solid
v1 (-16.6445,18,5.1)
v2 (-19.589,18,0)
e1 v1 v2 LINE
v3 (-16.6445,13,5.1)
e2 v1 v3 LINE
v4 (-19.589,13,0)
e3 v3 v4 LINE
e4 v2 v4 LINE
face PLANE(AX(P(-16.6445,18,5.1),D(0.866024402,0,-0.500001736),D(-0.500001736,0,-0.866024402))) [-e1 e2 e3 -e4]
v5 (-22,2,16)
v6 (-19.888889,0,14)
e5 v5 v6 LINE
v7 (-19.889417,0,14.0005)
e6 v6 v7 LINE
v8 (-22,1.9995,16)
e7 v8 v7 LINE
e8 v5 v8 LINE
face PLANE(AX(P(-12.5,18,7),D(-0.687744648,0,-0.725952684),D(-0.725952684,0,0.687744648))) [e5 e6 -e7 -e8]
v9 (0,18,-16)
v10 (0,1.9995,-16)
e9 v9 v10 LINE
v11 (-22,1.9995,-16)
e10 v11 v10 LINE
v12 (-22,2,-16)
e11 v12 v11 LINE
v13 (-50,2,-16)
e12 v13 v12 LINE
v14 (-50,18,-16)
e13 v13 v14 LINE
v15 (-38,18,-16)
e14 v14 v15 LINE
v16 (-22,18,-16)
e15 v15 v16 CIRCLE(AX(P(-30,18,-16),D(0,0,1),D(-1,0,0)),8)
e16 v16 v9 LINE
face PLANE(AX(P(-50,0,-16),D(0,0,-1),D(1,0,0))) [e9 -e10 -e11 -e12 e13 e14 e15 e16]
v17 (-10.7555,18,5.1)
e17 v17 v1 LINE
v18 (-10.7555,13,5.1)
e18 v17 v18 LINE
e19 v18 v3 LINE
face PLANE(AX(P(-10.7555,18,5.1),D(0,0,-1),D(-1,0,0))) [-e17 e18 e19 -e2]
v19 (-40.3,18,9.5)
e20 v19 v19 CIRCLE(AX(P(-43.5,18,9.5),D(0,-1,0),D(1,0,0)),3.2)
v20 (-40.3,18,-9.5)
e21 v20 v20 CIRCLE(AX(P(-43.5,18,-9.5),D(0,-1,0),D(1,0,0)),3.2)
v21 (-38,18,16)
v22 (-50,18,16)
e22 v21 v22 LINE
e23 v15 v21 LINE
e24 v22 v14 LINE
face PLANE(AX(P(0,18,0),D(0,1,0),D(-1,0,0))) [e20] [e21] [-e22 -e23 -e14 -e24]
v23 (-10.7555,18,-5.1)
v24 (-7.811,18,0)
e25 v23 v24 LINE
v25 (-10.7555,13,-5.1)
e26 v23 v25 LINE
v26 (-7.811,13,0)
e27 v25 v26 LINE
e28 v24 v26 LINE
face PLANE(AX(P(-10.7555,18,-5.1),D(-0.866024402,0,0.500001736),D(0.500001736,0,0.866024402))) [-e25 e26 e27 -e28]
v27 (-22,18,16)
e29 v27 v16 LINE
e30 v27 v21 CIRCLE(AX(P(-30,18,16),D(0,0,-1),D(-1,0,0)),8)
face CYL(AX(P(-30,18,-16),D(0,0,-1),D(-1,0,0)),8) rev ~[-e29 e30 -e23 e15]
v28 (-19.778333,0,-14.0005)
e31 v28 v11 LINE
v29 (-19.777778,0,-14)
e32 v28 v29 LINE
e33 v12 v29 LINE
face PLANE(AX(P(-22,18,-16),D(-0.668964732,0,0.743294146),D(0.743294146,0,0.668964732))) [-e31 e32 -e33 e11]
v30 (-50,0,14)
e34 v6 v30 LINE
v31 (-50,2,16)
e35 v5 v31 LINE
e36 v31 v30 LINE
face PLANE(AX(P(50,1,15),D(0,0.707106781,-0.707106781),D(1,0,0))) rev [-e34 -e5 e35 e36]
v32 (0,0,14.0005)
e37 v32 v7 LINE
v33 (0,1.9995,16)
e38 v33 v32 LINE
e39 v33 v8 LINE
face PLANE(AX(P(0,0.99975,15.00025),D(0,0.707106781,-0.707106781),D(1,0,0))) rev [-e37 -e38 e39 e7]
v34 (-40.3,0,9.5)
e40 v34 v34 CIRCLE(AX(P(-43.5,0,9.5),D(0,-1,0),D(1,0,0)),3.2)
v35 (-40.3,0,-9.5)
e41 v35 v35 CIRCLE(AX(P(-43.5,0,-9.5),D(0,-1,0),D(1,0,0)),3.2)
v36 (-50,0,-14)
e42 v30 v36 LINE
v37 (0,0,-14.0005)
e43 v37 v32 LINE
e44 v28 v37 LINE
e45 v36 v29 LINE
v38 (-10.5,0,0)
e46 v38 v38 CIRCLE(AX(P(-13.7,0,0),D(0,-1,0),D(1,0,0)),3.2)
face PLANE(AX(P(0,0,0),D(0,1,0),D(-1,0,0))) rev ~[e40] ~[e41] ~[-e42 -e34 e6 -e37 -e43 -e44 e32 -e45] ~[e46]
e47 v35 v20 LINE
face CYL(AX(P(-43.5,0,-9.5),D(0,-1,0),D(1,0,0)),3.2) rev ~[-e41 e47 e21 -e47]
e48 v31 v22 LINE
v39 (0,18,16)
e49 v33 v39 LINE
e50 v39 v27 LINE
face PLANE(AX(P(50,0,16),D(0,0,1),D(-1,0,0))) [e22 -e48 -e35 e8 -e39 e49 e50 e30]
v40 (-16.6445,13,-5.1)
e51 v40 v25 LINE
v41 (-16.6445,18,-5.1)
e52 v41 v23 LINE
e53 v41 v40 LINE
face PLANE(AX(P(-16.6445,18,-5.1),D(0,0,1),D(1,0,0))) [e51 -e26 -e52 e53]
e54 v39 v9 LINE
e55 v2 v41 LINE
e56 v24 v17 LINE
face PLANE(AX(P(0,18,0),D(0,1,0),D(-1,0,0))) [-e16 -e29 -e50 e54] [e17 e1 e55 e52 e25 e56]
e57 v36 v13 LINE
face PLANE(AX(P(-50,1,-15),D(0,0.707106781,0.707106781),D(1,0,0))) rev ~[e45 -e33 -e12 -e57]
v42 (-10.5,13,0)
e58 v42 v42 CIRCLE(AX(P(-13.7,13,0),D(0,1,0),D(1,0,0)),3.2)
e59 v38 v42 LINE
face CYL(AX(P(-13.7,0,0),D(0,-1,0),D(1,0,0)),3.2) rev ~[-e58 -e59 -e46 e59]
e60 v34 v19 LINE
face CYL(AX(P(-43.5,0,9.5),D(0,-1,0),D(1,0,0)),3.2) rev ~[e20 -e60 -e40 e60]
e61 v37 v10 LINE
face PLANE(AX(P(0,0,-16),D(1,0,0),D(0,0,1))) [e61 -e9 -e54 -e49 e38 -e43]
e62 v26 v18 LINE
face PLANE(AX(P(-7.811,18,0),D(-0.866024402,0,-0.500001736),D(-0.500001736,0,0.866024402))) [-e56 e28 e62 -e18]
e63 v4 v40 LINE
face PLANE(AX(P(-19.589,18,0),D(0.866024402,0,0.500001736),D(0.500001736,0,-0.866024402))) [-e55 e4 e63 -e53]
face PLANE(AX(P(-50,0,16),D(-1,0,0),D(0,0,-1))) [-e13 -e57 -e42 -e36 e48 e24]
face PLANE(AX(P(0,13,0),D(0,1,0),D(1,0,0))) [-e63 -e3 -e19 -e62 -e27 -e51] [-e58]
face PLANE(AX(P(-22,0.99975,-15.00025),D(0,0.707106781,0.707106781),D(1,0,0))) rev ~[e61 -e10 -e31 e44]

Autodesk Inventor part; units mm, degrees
ref_plane "YZ Plane" through (0, 0, 0) normal (1, 0, 0) x (0, 1, 0)
ref_plane "XZ Plane" through (0, 0, 0) normal (0, 1, 0) x (-1, 0, 0)
ref_plane "XY Plane" through (0, 0, 0) normal (0, 0, 1) x (1, 0, 0)
sketch "Sketch1" plane through (0, 0, 0) normal (0, 1, 0) x (-1, 0, 0)
  line L0 (-50, 16) -> (50, 16)
  line L1 (50, 16) -> (50, -16)
  line L2 (50, -16) -> (-50, -16)
  line L3 (-50, -16) -> (-50, 16)
  point P0 (0, 0)
  point P1 (-50, 0)
  point P2 (0, 16)
  dimension "d0" = 100
  dimension "d1" = 32
extrude "Extrusion1" add sketch "Sketch1" along normal blind 18
sketch "Sketch7" plane through (50, 0, -16) normal (0, 0, -1) x (-1, 0, 0)
  line L0 (100, 0) -> (0, 0) projected
  line L1 (100, 0) -> (100, 18) projected
  line L2 (0, 18) -> (100, 18) projected
  line L3 (0, 0) -> (0, 18) projected
  circle A0 centre (20, 18) radius 8
  line L4 (100, 18) -> (0, 18) projected
  circle A1 centre (80, 18) radius 8
  line L5 (20, 18) -> (80, 18) construction
  circle A2 centre (50, 18) radius 5
  point P0 (50, 0)
  dimension "d32" = 60
  dimension "d33" = 16
  dimension "d34" = 10
extrude "Extrusion7" cut sketch "Sketch7" against normal through all contours A1 L2 | L2 A1 | A0 L2 | L2 A0 | A2 L2 | L2 A2
sketch "Sketch8" plane through (50, 0, -16) normal (0, 0, -1) x (-1, 0, 0)
  arc A0 (72, 18) -> (88, 18) centre (80, 18) ccw projected
  line L0 (55, 18) -> (72, 18) projected
  arc A1 (45, 18) -> (55, 18) centre (50, 18) ccw projected
  line L1 (28, 18) -> (45, 18) projected
  arc A2 (12, 18) -> (28, 18) centre (20, 18) ccw projected
  line L2 (0, 18) -> (12, 18) projected
  line L3 (0, 0) -> (0, 18) projected
  line L4 (100, 0) -> (0, 0) projected
  line L5 (100, 0) -> (100, 18) projected
  line L6 (88, 18) -> (100, 18) projected
  circle A3 centre (50, 18) radius 12
  point P0 (50, 0)
  dimension "d37" = 24
extrude "Extrusion8" cut sketch "Sketch8" against normal blind 9 contours A3 L1 A1 L0 | L0 A1 L1 A3
sketch "Sketch9" plane through (-50, 0, 16) normal (0, 0, 1) x (1, 0, 0)
  arc A0 (12, 18) -> (28, 18) centre (20, 18) ccw projected
  line L0 (0, 18) -> (12, 18) projected
  line L1 (0, 0) -> (0, 18) projected
  line L2 (100, 0) -> (0, 0) projected
  line L3 (100, 0) -> (100, 18) projected
  line L4 (88, 18) -> (100, 18) projected
  arc A1 (72, 18) -> (88, 18) centre (80, 18) ccw projected
  line L5 (55, 18) -> (72, 18) projected
  arc A2 (45, 18) -> (55, 18) centre (50, 18) ccw projected
  line L6 (28, 18) -> (45, 18) projected
  arc A3 (45, 18) -> (55, 18) centre (50, 18) ccw projected
  circle A4 centre (50, 18) radius 12.5
  point P0 (50, 18)
  dimension "d49" = 25
extrude "Extrusion9" cut sketch "Sketch9" against normal blind 9 contours A4 L5 A2 L6 | L6 A2 L5 A4
sketch "Sketch11" plane through (0, 0, 0) normal (0, -1, 0) x (1, 0, 0)
  circle A0 centre (43.5, -9.5) radius 3
  circle A1 centre (43.5, 9.5) radius 3
  circle A2 centre (13.7, 0) radius 3
  circle A3 centre (-13.7, 0) radius 3
  circle A4 centre (-43.5, -9.5) radius 3
  circle A5 centre (-43.5, 9.5) radius 3
  circle A6 centre (43.5, 9.5) radius 3.2
  circle A7 centre (43.5, -9.5) radius 3.2
  circle A8 centre (13.7, 0) radius 3.2
  circle A9 centre (-13.7, 0) radius 3.2
  circle A10 centre (-43.5, -9.5) radius 3.2
  circle A11 centre (-43.5, 9.5) radius 3.2
  point P0 (0, 0)
  dimension "d50" = 0.2
extrude "Extrusion10" cut sketch "Sketch11" against normal through all contours A0 | A1 | A2 | A3 | A4 | A5 | A6 | A7 | A8 | A9 | A10 | A11
chamfer "Chamfer3" distance 2 angle 45 2 edges at (0, 0, -16) (0, 0, 16)
sketch "Sketch12" plane through (0, 18, 0) normal (0, 1, 0) x (1, 0, 0)
  circle A0 centre (-13.7, 0) radius 3.2
  circle A1 centre (13.7, 0) radius 3.2
  line L0 (10.7555, 5.1) -> (16.6445, 5.1)
  line L1 (16.6445, 5.1) -> (19.589, 0)
  line L2 (19.589, 0) -> (16.6445, -5.1)
  line L3 (16.6445, -5.1) -> (10.7555, -5.1)
  line L4 (10.7555, -5.1) -> (7.811, 0)
  line L5 (7.811, 0) -> (10.7555, 5.1)
  circle A2 centre (-13.7, 0) radius 3.2 projected
  line L6 (-10.7555, -5.1) -> (-16.6445, -5.1)
  line L7 (-16.6445, -5.1) -> (-19.589, 0)
  line L8 (-19.589, 0) -> (-16.6445, 5.1)
  line L9 (-16.6445, 5.1) -> (-10.7555, 5.1)
  line L10 (-10.7555, 5.1) -> (-7.811, 0)
  line L11 (-7.811, 0) -> (-10.7555, -5.1)
  point P0 (0, 0)
  dimension "d51" = 10.2
extrude "Extrusion11" cut sketch "Sketch12" against normal blind 5
sketch "Sketch13" plane through (0, 0, 0) normal (0, -1, 0) x (1, 0, 0)
  circle A0 centre (-43.5, 9.5) radius 3.2 construction
  circle A1 centre (-13.7, 0) radius 3.2 construction
  circle A2 centre (43.5, -9.5) radius 3.2 construction
  circle A3 centre (43.5, 9.5) radius 3.2 construction
  circle A4 centre (13.7, 0) radius 3.2 construction
  circle A5 centre (-43.5, -9.5) radius 3.2 construction
  line L0 (-50, 14) -> (50, 14) construction
  line L1 (-50, 14) -> (-50, -14) construction
  line L2 (50, -14) -> (-50, -14) construction
  line L3 (50, -14) -> (50, 14) construction
  line L4 (50, -16) -> (50, -14) construction
  line L5 (50, -14) -> (-50, -14) construction
  line L6 (-50, -14) -> (-50, -16) construction
  line L7 (-50, -16) -> (50, -16) construction
  line L8 (-50, 16) -> (-50, 14) construction
  line L9 (-50, 14) -> (50, 14) construction
  line L10 (50, 14) -> (50, 16) construction
  line L11 (50, 16) -> (-50, 16) construction
  line L12 (50, 16) -> (50, -16) projected
  line L13 (50, 16) -> (-50, 16) projected
  line L14 (50, -16) -> (0, -16)
  line L15 (0, -16) -> (0, 16)
  line L16 (0, 16) -> (50, 16)
  line L17 (50, 16) -> (50, -16)
  point P0 (0, 0)
extrude "Extrusion12" cut sketch "Sketch13" against normal through all
sketch "Sketch14" plane through (0, 18, 0) normal (0, 1, 0) x (1, 0, 0)
  line L0 (0, 7) -> (0, 16) construction
  line L1 (-12, 16) -> (0, 16) construction
  line L2 (-12, 7) -> (-12, 16) construction
  line L3 (-12, 7) -> (0, 7) construction
  line L4 (0, -16) -> (0, -7) construction
  line L5 (0, -7) -> (-12.5, -7) construction
  line L6 (-12.5, -16) -> (-12.5, -7) construction
  line L7 (0, -16) -> (-12.5, -16) construction
  line L8 (0, -7) -> (0, 7) construction
  line L9 (0, 7) -> (-5, 7) construction
  line L10 (-5, -7) -> (-5, 7) construction
  line L11 (-5, -7) -> (0, -7) construction
  line L12 (-7.811, 0) -> (-10.7555, -5.1) construction
  line L13 (-10.7555, -5.1) -> (-16.6445, -5.1) construction
  line L14 (-16.6445, -5.1) -> (-19.589, 0) construction
  line L15 (-19.589, 0) -> (-16.6445, 5.1) construction
  line L16 (-16.6445, 5.1) -> (-10.7555, 5.1) construction
  line L17 (-10.7555, 5.1) -> (-7.811, 0) construction
  line L18 (-12.5, -7) -> (-5, -7) construction
  line L19 (-5, -7) -> (-5, 7) construction
  line L20 (-5, 7) -> (-12, 7) construction
  line L21 (-12, 7) -> (-12, 16) construction
  line L22 (-12, 16) -> (-22, 16) construction
  line L23 (-22, 16) -> (-22, -16) construction
  line L24 (-22, -16) -> (-12.5, -16) construction
  line L25 (-12.5, -16) -> (-12.5, -7) construction
  line L26 (-5, 7) -> (-12, 7) projected
  line L27 (-22, 16) -> (-12, 7)
  line L28 (-12, 7) -> (-5, 7)
  line L29 (-5, 7) -> (-5, -7)
  line L30 (0, -7) -> (-12.5, -7) projected
  line L31 (-22, -16) -> (-38, -16) projected
  line L32 (-12.5, -7) -> (-22, -16)
  line L33 (0, -16) -> (-12.5, -16) projected
  line L34 (-22, -16) -> (0, -16)
  line L35 (0, 16) -> (0, 14) projected
  line L36 (0, -16) -> (0, 16)
  line L37 (-12, 16) -> (-22, 16) projected
  line L38 (0, 16) -> (-22, 16)
  point P0 (0, 0)
extrude "Extrusion13" add sketch "Sketch14" against normal up to surface (18 mm away)
chamfer "Chamfer4" distance 2 angle 45 2 edges at (-11, 0, 16) (-11, 0, -16)
properties part number "AXBv2" material "PC/ABS Plastic"
